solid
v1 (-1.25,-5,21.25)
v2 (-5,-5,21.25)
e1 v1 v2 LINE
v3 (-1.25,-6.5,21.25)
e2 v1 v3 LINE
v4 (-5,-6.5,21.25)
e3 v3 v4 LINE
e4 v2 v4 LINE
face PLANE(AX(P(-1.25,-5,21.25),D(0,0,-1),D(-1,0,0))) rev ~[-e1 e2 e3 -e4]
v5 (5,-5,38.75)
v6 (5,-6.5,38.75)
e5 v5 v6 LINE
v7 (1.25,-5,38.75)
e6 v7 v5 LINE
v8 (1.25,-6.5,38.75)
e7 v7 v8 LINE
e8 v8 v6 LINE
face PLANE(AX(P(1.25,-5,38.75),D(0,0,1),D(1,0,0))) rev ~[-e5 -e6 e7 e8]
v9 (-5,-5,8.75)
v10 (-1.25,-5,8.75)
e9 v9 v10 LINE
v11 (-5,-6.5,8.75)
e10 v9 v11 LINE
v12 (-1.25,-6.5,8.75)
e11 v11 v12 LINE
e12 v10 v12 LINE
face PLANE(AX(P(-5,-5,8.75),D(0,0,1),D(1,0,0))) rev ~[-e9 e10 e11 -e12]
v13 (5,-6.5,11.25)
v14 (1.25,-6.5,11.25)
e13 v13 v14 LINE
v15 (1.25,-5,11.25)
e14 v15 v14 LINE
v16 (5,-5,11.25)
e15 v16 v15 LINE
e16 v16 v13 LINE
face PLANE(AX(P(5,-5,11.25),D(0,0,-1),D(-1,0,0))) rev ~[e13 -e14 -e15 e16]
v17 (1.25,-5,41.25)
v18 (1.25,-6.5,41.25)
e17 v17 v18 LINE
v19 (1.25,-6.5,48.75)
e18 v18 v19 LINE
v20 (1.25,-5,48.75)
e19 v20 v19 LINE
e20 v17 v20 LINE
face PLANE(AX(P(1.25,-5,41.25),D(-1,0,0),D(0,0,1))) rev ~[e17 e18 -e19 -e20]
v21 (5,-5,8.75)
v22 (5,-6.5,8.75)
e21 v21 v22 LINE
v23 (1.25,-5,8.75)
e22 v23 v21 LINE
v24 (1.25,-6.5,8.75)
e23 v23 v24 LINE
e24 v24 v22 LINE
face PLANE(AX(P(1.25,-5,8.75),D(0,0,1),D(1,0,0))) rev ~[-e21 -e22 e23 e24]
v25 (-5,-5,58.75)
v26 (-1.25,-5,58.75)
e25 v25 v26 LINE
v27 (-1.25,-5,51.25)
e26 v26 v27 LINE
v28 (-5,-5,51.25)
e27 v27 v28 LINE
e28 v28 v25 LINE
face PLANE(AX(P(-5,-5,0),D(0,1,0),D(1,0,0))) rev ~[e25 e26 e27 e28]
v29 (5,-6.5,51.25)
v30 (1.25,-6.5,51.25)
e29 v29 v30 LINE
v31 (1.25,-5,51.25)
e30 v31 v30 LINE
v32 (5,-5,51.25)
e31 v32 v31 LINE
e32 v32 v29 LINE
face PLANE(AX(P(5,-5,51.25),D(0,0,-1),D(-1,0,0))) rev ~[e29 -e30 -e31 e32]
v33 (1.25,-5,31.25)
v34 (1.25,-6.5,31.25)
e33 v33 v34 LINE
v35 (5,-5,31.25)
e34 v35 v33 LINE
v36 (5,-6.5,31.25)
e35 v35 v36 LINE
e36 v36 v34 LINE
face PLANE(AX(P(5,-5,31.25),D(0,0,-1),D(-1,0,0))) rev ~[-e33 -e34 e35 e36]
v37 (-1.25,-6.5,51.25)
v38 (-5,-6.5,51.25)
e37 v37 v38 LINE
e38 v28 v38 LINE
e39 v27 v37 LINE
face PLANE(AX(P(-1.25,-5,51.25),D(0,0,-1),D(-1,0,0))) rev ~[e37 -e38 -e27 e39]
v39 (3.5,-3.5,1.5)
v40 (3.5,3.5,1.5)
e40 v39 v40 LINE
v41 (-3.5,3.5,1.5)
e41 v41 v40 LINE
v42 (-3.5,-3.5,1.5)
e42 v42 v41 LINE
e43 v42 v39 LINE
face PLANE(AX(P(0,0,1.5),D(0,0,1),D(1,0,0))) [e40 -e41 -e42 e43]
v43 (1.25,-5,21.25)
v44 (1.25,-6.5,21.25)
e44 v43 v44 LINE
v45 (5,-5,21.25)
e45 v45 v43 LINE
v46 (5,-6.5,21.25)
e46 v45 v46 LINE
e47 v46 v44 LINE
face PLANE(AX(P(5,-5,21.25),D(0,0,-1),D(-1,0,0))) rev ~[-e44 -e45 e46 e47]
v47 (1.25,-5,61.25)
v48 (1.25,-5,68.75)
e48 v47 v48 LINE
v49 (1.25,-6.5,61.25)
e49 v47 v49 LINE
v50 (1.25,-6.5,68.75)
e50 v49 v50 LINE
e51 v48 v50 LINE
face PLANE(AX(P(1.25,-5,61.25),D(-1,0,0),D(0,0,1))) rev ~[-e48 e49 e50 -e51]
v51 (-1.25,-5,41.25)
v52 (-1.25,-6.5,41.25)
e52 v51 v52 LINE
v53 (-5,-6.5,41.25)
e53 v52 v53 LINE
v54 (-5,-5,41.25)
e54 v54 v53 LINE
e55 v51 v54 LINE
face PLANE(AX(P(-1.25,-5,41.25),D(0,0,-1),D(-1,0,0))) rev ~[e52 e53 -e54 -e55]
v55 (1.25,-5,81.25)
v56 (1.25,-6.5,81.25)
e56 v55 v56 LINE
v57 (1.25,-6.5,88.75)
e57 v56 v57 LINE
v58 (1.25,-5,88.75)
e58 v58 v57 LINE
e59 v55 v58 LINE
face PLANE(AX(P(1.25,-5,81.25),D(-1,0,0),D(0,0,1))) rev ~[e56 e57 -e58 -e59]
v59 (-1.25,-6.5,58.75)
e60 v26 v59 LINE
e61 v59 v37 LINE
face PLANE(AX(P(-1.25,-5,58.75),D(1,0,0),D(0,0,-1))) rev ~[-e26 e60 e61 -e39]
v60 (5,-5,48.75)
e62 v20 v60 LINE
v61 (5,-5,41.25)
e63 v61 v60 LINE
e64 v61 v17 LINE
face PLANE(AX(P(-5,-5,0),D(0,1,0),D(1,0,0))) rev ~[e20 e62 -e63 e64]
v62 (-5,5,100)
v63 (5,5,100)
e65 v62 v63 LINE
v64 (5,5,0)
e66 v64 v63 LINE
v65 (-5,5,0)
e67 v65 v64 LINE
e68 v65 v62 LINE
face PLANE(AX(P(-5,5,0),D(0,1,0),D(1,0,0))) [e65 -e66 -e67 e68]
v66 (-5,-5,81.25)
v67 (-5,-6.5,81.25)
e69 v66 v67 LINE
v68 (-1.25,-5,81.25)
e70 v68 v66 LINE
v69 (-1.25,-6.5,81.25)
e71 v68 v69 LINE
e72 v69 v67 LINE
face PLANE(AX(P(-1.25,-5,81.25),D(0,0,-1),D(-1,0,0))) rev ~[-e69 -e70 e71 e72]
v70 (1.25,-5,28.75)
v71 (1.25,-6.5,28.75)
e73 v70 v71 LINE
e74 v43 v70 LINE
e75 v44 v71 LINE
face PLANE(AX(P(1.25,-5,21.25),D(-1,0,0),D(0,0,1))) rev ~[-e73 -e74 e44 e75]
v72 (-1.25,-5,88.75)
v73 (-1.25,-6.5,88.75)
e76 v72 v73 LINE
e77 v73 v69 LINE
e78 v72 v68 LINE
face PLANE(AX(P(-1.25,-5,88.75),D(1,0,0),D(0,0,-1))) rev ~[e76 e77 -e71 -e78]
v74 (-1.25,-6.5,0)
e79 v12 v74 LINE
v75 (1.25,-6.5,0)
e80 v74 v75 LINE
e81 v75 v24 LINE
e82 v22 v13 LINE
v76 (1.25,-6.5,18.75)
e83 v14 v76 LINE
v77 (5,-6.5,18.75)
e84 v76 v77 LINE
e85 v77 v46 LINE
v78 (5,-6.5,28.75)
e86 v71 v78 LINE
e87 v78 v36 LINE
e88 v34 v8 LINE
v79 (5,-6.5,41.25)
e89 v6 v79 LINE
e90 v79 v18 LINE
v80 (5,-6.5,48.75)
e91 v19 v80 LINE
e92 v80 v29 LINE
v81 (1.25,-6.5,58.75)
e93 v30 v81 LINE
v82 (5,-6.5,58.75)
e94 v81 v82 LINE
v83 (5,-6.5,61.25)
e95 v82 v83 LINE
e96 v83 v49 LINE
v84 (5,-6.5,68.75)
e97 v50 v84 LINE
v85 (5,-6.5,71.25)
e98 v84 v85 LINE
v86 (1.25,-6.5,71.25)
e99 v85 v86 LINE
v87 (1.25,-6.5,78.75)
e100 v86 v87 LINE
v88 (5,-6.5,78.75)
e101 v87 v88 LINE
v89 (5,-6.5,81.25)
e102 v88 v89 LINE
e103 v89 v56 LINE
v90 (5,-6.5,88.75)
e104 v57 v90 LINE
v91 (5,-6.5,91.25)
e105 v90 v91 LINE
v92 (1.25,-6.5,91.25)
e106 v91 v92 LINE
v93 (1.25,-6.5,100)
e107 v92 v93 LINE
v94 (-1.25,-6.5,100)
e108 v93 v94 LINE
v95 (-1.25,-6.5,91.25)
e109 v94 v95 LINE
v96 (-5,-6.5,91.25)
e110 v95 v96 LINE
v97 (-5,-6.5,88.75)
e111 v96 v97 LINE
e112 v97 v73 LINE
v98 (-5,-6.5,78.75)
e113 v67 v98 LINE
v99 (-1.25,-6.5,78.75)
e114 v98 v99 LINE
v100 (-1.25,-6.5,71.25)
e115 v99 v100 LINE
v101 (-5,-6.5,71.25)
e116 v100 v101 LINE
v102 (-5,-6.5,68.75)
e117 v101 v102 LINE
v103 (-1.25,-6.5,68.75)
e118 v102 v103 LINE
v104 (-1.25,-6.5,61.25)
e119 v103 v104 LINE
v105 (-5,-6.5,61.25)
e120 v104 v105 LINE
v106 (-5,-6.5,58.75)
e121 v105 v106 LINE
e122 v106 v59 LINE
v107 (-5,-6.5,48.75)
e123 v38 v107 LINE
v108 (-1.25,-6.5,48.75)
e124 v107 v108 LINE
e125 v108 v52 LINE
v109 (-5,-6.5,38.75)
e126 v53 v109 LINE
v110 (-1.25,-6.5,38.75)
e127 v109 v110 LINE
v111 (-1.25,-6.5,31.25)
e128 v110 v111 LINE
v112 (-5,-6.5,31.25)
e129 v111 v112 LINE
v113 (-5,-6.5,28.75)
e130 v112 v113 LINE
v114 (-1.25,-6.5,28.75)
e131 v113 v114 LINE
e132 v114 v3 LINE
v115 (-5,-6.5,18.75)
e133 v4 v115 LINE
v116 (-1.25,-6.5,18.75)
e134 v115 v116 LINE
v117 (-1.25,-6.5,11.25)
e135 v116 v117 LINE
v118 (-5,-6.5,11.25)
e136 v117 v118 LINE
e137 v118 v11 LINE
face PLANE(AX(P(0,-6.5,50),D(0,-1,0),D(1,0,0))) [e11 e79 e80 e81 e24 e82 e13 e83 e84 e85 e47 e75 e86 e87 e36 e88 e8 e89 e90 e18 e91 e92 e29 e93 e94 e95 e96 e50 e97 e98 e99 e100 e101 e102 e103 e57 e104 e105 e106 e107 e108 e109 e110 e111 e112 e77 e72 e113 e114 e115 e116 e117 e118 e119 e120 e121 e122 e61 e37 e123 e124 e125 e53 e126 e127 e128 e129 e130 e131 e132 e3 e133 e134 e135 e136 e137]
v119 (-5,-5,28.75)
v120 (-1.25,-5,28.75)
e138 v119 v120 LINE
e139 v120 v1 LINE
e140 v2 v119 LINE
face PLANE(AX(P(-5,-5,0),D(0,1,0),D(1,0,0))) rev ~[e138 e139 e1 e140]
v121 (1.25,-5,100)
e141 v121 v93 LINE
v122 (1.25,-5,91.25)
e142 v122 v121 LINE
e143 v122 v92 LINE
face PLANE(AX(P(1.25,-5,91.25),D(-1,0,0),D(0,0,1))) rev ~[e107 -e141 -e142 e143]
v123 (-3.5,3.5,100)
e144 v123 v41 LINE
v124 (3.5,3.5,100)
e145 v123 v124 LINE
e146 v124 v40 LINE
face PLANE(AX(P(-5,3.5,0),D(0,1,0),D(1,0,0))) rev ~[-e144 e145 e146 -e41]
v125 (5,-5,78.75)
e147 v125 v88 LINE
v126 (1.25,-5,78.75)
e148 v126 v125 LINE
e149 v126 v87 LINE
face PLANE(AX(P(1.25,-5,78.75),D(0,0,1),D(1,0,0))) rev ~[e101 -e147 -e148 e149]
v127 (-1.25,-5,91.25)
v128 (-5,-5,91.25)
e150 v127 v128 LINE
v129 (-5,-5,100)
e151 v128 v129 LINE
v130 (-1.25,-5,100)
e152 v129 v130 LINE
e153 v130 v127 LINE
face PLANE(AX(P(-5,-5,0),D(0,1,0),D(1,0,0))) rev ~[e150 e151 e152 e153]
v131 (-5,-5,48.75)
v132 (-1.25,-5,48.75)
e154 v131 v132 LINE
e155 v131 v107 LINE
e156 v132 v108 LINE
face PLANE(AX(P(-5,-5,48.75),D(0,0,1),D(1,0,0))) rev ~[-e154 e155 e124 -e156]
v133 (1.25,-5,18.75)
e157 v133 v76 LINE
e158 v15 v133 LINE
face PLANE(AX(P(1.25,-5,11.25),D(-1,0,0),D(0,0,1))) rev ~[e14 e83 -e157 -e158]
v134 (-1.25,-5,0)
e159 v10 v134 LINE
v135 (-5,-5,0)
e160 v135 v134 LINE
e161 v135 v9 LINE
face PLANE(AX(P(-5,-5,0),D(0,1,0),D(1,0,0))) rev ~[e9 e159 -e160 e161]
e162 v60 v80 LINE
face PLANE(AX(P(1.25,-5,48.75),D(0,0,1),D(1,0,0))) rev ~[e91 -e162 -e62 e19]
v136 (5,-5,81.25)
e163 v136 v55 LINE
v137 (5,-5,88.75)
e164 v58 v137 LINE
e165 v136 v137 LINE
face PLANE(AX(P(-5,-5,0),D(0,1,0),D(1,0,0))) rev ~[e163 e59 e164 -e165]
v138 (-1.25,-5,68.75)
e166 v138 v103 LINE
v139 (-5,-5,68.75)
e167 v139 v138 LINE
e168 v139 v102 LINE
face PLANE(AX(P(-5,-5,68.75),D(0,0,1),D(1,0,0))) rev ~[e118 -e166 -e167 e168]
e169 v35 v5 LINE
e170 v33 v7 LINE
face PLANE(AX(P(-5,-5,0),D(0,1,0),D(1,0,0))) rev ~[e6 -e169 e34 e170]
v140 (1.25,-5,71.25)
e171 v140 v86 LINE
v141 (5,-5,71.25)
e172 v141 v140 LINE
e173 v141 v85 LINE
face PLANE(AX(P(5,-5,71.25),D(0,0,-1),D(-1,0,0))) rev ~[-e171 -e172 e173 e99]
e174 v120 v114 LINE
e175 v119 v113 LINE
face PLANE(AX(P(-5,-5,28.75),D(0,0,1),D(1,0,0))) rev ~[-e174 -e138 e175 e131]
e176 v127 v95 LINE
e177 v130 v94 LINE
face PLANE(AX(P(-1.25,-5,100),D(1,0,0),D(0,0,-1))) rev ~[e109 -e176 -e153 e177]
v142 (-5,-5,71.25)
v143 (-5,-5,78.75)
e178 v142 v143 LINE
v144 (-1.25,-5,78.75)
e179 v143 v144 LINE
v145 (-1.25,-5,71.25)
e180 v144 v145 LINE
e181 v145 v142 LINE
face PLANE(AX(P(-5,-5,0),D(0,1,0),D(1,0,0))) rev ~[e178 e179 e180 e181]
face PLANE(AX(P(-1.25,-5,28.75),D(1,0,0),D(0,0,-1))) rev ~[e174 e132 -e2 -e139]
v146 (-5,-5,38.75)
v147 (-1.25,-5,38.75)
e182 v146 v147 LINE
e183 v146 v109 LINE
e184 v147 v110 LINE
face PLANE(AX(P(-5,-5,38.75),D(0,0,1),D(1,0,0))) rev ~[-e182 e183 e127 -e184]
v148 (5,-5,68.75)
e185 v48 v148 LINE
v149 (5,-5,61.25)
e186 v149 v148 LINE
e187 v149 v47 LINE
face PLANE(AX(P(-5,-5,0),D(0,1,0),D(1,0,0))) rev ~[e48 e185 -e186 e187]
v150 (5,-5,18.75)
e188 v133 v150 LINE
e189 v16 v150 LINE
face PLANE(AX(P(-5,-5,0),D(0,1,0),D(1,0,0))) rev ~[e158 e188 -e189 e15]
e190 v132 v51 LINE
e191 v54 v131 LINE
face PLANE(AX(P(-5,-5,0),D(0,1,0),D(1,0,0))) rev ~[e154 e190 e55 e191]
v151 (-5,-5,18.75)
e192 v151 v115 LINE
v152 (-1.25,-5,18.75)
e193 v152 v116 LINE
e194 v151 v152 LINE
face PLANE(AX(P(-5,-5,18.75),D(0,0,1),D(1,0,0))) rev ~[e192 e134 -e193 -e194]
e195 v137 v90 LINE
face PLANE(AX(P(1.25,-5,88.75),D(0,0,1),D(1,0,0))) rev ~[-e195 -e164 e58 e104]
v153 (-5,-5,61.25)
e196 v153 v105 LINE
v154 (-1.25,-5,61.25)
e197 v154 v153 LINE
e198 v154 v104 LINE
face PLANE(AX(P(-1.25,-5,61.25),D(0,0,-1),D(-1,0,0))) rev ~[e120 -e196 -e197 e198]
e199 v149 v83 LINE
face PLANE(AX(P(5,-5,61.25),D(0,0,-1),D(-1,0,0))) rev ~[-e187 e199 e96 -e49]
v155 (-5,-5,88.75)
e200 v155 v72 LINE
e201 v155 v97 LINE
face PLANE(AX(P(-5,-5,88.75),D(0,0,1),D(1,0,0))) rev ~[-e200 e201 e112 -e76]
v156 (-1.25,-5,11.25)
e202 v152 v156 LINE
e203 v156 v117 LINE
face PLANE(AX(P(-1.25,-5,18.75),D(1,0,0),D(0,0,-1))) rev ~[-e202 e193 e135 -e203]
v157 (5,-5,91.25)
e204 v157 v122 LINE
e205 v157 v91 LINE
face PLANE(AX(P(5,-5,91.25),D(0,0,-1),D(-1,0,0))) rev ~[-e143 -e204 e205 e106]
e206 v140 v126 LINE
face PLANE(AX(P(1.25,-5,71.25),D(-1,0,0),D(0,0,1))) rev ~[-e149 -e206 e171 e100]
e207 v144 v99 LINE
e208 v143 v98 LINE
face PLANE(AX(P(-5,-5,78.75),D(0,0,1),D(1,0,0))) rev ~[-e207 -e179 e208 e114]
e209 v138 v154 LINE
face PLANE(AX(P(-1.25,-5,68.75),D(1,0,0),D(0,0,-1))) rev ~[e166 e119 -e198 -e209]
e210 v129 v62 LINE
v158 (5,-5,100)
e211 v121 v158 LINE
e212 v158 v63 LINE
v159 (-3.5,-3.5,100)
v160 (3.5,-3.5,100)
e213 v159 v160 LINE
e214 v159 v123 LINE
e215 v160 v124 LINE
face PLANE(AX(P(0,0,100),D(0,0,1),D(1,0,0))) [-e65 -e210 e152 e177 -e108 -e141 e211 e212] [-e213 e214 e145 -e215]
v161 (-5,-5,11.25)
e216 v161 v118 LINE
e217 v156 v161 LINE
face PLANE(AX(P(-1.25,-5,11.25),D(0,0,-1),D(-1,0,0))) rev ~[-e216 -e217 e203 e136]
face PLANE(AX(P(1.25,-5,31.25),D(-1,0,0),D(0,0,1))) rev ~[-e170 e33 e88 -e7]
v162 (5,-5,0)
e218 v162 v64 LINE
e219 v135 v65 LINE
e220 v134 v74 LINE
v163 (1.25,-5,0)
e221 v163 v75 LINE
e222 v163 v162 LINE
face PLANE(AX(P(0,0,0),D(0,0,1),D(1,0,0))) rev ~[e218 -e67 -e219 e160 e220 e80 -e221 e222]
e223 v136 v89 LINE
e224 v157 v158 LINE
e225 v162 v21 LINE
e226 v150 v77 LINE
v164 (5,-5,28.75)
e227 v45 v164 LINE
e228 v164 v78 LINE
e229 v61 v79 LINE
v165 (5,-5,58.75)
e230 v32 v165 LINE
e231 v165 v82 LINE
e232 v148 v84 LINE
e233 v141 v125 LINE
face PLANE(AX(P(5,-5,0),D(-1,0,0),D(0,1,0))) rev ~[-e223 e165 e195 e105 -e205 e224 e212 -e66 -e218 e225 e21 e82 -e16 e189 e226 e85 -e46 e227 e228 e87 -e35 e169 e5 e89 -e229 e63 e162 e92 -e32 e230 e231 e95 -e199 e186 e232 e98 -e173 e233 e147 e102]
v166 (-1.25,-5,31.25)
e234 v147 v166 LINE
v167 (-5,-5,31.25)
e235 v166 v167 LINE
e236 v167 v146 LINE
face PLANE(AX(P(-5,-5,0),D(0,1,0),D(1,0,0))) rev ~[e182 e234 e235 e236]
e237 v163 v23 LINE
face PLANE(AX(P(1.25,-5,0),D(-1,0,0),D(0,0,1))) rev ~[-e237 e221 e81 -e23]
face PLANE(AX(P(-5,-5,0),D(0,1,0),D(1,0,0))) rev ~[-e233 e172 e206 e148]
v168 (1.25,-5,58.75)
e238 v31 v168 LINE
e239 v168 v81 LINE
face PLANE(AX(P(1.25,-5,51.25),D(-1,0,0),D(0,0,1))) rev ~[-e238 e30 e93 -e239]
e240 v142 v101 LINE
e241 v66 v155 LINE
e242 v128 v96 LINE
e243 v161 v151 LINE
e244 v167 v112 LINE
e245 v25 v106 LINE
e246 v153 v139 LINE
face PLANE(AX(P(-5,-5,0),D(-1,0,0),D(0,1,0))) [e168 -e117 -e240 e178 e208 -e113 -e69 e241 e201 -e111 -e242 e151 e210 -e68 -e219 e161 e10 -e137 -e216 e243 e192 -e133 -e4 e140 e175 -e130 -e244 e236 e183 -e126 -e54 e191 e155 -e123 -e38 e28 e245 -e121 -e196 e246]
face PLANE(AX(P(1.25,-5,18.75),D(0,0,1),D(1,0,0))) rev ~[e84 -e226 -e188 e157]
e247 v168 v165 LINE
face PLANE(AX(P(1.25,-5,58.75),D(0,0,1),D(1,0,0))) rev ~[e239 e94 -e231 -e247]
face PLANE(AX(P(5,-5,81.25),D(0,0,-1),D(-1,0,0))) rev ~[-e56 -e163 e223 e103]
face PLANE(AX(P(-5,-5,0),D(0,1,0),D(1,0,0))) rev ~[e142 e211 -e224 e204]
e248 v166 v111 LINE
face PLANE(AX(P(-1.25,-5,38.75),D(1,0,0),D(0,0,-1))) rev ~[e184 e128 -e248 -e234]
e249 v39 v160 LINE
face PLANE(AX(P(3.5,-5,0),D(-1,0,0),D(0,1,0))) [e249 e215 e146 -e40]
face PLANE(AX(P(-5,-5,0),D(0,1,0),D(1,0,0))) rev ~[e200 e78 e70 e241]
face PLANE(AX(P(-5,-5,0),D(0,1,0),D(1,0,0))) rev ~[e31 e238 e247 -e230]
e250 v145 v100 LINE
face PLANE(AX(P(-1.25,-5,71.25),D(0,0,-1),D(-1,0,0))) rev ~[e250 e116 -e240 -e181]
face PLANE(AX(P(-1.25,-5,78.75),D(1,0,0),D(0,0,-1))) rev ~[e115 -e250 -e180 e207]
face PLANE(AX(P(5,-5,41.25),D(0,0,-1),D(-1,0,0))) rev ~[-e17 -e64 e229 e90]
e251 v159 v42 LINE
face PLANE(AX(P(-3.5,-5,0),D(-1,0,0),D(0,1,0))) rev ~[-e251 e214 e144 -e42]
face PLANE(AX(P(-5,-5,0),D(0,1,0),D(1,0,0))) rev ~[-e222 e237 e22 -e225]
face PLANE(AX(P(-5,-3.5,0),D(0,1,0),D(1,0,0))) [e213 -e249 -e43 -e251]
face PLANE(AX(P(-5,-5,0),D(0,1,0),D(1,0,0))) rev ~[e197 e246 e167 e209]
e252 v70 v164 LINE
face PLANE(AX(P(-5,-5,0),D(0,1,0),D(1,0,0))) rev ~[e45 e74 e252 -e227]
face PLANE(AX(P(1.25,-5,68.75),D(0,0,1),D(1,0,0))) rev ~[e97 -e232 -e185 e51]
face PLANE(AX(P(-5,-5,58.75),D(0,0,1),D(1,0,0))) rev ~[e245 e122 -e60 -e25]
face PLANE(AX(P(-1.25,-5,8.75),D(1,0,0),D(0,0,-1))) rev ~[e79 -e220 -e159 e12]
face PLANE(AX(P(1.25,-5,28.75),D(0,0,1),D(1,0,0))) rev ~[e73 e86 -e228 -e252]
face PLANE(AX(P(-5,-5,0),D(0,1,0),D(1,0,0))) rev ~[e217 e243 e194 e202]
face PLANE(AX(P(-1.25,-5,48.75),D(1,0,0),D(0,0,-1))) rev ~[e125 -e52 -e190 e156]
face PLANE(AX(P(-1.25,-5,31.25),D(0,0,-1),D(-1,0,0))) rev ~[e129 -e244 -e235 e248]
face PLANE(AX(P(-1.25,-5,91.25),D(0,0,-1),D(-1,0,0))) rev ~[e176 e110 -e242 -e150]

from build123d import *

# Parameters (mm, degrees)
F0_W     = 10
F0_H     = 10
F1_DEPTH = 100
F2_T     = -1.5
F4_DEPTH = 1.5


with BuildPart() as f1:
    # F0 (on Top) → F1 (new body)
    with BuildSketch(Plane.XY):
        Rectangle(F0_W, F0_H)
    extrude(amount=F1_DEPTH)

    # F2
    f2_openings = [f1.faces().sort_by_distance(p)[0] for p in [
        (0, 0, 100),
    ]]
    offset(amount=F2_T, openings=f2_openings)

    # F3 (on face) → F4 (join)
    with BuildSketch(Plane.XZ.offset(5)):
        Polygon((1.25, 100), (-1.25, 100), (-1.25, 91.25), (-5, 91.25), (-5, 88.75), (-1.25, 88.75), (-1.25, 81.25), (-5, 81.25), (-5, 78.75), (-1.25, 78.75), (-1.25, 71.25), (-5, 71.25), (-5, 68.75), (-1.25, 68.75), (-1.25, 61.25), (-5, 61.25), (-5, 58.75), (-1.25, 58.75), (-1.25, 51.25), (-5, 51.25), (-5, 48.75), (-1.25, 48.75), (-1.25, 41.25), (-5, 41.25), (-5, 38.75), (-1.25, 38.75), (-1.25, 31.25), (-5, 31.25), (-5, 28.75), (-1.25, 28.75), (-1.25, 21.25), (-5, 21.25), (-5, 18.75), (-1.25, 18.75), (-1.25, 11.25), (-5, 11.25), (-5, 8.75), (-1.25, 8.75), (-1.25, 0), (1.25, 0), (1.25, 8.75), (5, 8.75), (5, 11.25), (1.25, 11.25), (1.25, 18.75), (5, 18.75), (5, 21.25), (1.25, 21.25), (1.25, 28.75), (5, 28.75), (5, 31.25), (1.25, 31.25), (1.25, 38.75), (5, 38.75), (5, 41.25), (1.25, 41.25), (1.25, 48.75), (5, 48.75), (5, 51.25), (1.25, 51.25), (1.25, 58.75), (5, 58.75), (5, 61.25), (1.25, 61.25), (1.25, 68.75), (5, 68.75), (5, 71.25), (1.25, 71.25), (1.25, 78.75), (5, 78.75), (5, 81.25), (1.25, 81.25), (1.25, 88.75), (5, 88.75), (5, 91.25), (1.25, 91.25), align=None)
    extrude(amount=F4_DEPTH)


solid = f1.part
